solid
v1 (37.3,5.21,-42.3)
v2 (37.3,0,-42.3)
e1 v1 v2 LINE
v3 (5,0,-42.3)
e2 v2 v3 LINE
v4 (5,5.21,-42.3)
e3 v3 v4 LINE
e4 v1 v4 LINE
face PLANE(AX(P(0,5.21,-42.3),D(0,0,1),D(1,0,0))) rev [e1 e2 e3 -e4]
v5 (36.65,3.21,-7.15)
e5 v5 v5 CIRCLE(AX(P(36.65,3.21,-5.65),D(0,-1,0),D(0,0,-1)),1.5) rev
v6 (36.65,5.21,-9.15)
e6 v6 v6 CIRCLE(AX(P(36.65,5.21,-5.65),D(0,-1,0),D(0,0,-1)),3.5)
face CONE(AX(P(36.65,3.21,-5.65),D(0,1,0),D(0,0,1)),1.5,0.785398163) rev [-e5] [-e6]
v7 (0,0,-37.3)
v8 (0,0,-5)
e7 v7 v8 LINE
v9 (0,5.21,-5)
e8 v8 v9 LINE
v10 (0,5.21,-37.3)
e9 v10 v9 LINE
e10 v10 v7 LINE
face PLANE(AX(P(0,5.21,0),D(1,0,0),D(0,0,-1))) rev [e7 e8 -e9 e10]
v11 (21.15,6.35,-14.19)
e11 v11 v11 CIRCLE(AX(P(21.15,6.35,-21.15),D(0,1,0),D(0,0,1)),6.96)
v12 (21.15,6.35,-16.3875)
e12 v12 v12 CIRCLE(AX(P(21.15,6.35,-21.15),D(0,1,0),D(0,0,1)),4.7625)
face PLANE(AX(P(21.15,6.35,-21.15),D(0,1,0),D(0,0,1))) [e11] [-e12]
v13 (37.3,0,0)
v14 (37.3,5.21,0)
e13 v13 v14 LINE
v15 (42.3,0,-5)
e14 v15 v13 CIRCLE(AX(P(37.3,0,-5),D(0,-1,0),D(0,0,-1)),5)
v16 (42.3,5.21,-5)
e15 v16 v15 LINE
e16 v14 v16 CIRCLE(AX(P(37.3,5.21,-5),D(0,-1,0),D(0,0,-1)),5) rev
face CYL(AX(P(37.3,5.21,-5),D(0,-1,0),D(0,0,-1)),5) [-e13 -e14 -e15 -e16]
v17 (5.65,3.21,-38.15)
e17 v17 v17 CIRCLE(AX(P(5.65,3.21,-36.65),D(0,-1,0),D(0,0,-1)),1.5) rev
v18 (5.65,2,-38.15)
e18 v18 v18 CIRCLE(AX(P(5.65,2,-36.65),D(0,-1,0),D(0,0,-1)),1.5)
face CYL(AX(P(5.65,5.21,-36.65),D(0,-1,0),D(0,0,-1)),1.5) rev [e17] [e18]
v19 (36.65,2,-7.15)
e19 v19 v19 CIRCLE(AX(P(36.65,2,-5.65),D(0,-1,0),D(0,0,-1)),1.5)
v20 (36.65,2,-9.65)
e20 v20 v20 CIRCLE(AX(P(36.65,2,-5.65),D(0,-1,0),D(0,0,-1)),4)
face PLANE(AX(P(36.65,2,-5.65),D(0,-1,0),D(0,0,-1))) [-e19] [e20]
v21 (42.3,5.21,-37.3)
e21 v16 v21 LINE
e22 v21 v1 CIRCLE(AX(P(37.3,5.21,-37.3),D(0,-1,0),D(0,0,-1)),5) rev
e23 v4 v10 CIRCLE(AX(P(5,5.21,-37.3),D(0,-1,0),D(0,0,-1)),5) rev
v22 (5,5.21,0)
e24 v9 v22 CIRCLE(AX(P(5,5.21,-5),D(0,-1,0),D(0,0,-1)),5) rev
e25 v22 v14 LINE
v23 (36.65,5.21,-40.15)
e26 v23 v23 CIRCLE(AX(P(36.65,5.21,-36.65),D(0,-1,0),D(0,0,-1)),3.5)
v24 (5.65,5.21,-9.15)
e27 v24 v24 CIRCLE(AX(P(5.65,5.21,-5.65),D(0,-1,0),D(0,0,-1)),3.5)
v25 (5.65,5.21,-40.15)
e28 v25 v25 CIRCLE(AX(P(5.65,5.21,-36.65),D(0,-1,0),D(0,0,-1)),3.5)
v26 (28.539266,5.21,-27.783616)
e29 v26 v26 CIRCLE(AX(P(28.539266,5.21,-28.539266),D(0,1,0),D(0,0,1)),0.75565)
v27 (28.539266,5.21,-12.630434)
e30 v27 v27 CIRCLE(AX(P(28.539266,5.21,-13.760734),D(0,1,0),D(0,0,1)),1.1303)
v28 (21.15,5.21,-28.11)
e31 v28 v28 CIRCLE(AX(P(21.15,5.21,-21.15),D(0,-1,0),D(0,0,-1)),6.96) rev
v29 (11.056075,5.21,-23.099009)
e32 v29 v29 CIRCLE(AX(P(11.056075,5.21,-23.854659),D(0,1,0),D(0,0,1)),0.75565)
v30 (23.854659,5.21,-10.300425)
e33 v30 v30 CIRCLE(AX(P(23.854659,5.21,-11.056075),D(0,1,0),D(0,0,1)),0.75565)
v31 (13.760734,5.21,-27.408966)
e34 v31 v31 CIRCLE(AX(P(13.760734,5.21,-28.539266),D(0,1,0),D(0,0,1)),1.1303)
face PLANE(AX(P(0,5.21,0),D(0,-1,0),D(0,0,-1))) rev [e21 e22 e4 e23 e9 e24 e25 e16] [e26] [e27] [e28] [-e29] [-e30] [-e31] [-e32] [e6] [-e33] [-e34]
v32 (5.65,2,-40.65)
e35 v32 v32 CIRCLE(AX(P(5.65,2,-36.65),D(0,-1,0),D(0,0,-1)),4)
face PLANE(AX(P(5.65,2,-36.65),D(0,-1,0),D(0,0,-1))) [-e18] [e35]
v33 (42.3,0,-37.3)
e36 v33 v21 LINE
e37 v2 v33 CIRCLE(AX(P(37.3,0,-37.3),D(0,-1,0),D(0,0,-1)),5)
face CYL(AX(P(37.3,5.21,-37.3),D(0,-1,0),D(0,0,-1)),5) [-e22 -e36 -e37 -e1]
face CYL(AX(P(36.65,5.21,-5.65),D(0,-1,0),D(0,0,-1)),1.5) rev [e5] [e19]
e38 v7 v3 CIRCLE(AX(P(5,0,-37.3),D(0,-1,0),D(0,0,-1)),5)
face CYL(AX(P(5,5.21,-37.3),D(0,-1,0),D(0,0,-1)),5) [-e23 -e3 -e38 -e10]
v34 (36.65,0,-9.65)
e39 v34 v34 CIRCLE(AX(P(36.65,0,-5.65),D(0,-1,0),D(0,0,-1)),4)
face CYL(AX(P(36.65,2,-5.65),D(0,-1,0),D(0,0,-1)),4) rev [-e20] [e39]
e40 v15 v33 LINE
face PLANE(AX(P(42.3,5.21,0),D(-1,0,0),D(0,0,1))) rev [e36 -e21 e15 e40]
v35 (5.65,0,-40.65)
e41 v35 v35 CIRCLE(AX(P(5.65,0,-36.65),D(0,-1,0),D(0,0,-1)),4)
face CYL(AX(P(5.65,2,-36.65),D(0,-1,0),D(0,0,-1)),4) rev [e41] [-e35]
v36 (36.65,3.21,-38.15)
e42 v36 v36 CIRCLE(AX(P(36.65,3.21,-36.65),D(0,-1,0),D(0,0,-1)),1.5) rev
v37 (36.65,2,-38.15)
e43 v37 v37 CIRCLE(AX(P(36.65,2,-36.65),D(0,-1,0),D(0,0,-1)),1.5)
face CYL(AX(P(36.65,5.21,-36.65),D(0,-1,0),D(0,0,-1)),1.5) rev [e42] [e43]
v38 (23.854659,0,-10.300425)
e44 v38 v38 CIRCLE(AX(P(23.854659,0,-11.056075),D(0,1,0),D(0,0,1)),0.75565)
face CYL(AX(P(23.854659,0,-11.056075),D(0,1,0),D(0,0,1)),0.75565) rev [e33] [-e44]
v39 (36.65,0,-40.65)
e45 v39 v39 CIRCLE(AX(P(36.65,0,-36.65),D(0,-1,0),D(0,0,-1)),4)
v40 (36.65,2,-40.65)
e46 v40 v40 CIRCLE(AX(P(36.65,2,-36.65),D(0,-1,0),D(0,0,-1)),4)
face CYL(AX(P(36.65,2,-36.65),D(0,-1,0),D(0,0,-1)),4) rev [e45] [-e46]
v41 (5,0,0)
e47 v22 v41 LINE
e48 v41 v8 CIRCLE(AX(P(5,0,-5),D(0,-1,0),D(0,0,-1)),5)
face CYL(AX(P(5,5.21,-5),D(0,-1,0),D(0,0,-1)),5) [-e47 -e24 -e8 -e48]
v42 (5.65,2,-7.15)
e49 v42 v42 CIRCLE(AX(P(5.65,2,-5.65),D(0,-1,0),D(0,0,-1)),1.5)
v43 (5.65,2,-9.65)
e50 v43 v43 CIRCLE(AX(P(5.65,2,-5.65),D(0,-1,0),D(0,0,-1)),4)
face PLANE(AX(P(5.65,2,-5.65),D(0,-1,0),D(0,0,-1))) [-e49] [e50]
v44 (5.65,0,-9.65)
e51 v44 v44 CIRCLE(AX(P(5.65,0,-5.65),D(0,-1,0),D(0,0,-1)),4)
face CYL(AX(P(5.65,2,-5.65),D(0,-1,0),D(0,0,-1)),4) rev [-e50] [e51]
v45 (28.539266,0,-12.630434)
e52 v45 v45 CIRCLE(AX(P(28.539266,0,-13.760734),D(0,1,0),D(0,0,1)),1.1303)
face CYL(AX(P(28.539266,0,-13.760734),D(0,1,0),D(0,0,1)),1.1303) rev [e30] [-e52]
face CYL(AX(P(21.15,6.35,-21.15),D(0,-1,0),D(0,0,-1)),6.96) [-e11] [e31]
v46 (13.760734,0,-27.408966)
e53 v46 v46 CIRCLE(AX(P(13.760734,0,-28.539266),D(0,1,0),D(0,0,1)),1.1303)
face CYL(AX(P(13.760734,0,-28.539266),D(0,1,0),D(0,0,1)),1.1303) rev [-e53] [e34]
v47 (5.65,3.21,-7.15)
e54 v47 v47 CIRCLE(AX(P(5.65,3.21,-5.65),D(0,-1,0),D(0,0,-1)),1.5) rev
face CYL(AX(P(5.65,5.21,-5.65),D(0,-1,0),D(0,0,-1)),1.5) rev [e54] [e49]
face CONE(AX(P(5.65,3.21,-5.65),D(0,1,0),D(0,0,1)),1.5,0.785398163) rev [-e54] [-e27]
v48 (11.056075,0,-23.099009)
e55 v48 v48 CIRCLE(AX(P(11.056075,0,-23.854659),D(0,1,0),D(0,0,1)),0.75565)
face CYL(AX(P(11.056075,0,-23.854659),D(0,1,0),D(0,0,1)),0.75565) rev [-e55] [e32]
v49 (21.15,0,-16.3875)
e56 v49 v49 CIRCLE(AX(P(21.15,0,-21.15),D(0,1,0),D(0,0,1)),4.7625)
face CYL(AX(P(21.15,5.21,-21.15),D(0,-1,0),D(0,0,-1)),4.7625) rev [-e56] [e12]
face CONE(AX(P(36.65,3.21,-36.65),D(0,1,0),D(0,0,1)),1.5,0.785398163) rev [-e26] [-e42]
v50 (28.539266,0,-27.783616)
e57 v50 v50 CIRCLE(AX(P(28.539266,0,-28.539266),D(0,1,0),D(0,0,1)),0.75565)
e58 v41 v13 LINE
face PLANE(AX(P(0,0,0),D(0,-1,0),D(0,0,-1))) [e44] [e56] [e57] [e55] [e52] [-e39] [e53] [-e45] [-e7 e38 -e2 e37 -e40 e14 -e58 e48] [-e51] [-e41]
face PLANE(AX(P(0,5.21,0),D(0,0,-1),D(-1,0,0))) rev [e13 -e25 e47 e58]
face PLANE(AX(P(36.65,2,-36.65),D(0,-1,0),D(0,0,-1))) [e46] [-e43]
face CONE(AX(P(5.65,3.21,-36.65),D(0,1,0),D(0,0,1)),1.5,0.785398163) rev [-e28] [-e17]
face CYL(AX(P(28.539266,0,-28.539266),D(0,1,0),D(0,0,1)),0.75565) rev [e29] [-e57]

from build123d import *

# Parameters (mm, degrees)
SKETCH1_W           = 42.3
SKETCH1_H           = 42.3
SKETCH1_R           = 1.5
SKETCH1_R_2         = 4.7625
BOSS_EXTRUDE1_DEPTH = 5.21
SKETCH2_R           = 0.75565
SKETCH2_R_2         = 1.1303
CUT_EXTRUDE1_DEPTH  = 6.21
CHAMFER1_SIZE       = 2
SKETCH4_R           = 6.96
SKETCH4_R_2         = 4.7625
BOSS_EXTRUDE2_DEPTH = 1.14
SKETCH5_R           = 4
SKETCH5_R_2         = 1.5
CUT_EXTRUDE2_DEPTH  = 2
FILLET1_R           = 5


with BuildPart() as part:
    # Sketch1 → Boss-Extrude1 (new body)
    with BuildSketch(Plane(origin=(0, 0, 0), x_dir=(1, 0, 0), z_dir=(0, 1, 0))):
        with Locations((21.15, 21.15)):
            Rectangle(SKETCH1_W, SKETCH1_H)
        with Locations((36.65, 36.65)):
            Circle(SKETCH1_R, mode=Mode.SUBTRACT)
        with Locations((5.65, 5.65)):
            Circle(SKETCH1_R, mode=Mode.SUBTRACT)
        with Locations((36.65, 5.65)):
            Circle(SKETCH1_R, mode=Mode.SUBTRACT)
        with Locations((5.65, 36.65)):
            Circle(SKETCH1_R, mode=Mode.SUBTRACT)
        with Locations((21.15, 21.15)):
            Circle(SKETCH1_R_2, mode=Mode.SUBTRACT)
    extrude(amount=BOSS_EXTRUDE1_DEPTH)

    # Sketch2 → Cut-Extrude1 (cut, through all)
    with BuildSketch(Plane(origin=(0, 5.21, 0), x_dir=(1, 0, 0), z_dir=(0, 1, 0))):
        with Locations((11.056075115, 23.854659021)):
            Circle(SKETCH2_R)
        with Locations((28.539265863, 28.539265863)):
            Circle(SKETCH2_R)
        with Locations((23.854659021, 11.056075115)):
            Circle(SKETCH2_R)
        with Locations((28.539265863, 13.760734137)):
            Circle(SKETCH2_R_2)
        with Locations((13.760734137, 28.539265863)):
            Circle(SKETCH2_R_2)
    extrude(amount=-CUT_EXTRUDE1_DEPTH, mode=Mode.SUBTRACT)

    # Chamfer1
    chamfer1_edges = [part.edges().sort_by_distance(p)[0] for p in [
        (35.15, 5.21, -36.65),
        (4.15, 5.21, -5.65),
        (35.15, 5.21, -5.65),
        (4.15, 5.21, -36.65),
    ]]
    chamfer(chamfer1_edges, length=CHAMFER1_SIZE)

    # Sketch4 → Boss-Extrude2 (add)
    with BuildSketch(Plane(origin=(0, 5.21, 0), x_dir=(1, 0, 0), z_dir=(0, 1, 0))):
        with Locations((21.15, 21.15)):
            Circle(SKETCH4_R)
        with Locations((21.15, 21.15)):
            Circle(SKETCH4_R_2, mode=Mode.SUBTRACT)
    extrude(amount=BOSS_EXTRUDE2_DEPTH)

    # Sketch5 → Cut-Extrude2 (cut)
    with BuildSketch(Plane.XZ):
        with Locations((36.65, -36.65)):
            Circle(SKETCH5_R)
        with Locations((36.65, -36.65)):
            Circle(SKETCH5_R_2, mode=Mode.SUBTRACT)
        with Locations((5.65, -36.65)):
            Circle(SKETCH5_R)
        with Locations((5.65, -36.65)):
            Circle(SKETCH5_R_2, mode=Mode.SUBTRACT)
        with Locations((5.65, -5.65)):
            Circle(SKETCH5_R)
        with Locations((5.65, -5.65)):
            Circle(SKETCH5_R_2, mode=Mode.SUBTRACT)
        with Locations((36.65, -5.65)):
            Circle(SKETCH5_R)
        with Locations((36.65, -5.65)):
            Circle(SKETCH5_R_2, mode=Mode.SUBTRACT)
    extrude(amount=-CUT_EXTRUDE2_DEPTH, mode=Mode.SUBTRACT)

    # Fillet1
    fillet1_edges = [part.edges().sort_by_distance(p)[0] for p in [
        (0, 2.605, -42.3),
        (42.3, 2.605, -42.3),
        (42.3, 2.605, 0),
        (0, 2.605, 0),
    ]]
    fillet(fillet1_edges, radius=FILLET1_R)


solid = part.part
